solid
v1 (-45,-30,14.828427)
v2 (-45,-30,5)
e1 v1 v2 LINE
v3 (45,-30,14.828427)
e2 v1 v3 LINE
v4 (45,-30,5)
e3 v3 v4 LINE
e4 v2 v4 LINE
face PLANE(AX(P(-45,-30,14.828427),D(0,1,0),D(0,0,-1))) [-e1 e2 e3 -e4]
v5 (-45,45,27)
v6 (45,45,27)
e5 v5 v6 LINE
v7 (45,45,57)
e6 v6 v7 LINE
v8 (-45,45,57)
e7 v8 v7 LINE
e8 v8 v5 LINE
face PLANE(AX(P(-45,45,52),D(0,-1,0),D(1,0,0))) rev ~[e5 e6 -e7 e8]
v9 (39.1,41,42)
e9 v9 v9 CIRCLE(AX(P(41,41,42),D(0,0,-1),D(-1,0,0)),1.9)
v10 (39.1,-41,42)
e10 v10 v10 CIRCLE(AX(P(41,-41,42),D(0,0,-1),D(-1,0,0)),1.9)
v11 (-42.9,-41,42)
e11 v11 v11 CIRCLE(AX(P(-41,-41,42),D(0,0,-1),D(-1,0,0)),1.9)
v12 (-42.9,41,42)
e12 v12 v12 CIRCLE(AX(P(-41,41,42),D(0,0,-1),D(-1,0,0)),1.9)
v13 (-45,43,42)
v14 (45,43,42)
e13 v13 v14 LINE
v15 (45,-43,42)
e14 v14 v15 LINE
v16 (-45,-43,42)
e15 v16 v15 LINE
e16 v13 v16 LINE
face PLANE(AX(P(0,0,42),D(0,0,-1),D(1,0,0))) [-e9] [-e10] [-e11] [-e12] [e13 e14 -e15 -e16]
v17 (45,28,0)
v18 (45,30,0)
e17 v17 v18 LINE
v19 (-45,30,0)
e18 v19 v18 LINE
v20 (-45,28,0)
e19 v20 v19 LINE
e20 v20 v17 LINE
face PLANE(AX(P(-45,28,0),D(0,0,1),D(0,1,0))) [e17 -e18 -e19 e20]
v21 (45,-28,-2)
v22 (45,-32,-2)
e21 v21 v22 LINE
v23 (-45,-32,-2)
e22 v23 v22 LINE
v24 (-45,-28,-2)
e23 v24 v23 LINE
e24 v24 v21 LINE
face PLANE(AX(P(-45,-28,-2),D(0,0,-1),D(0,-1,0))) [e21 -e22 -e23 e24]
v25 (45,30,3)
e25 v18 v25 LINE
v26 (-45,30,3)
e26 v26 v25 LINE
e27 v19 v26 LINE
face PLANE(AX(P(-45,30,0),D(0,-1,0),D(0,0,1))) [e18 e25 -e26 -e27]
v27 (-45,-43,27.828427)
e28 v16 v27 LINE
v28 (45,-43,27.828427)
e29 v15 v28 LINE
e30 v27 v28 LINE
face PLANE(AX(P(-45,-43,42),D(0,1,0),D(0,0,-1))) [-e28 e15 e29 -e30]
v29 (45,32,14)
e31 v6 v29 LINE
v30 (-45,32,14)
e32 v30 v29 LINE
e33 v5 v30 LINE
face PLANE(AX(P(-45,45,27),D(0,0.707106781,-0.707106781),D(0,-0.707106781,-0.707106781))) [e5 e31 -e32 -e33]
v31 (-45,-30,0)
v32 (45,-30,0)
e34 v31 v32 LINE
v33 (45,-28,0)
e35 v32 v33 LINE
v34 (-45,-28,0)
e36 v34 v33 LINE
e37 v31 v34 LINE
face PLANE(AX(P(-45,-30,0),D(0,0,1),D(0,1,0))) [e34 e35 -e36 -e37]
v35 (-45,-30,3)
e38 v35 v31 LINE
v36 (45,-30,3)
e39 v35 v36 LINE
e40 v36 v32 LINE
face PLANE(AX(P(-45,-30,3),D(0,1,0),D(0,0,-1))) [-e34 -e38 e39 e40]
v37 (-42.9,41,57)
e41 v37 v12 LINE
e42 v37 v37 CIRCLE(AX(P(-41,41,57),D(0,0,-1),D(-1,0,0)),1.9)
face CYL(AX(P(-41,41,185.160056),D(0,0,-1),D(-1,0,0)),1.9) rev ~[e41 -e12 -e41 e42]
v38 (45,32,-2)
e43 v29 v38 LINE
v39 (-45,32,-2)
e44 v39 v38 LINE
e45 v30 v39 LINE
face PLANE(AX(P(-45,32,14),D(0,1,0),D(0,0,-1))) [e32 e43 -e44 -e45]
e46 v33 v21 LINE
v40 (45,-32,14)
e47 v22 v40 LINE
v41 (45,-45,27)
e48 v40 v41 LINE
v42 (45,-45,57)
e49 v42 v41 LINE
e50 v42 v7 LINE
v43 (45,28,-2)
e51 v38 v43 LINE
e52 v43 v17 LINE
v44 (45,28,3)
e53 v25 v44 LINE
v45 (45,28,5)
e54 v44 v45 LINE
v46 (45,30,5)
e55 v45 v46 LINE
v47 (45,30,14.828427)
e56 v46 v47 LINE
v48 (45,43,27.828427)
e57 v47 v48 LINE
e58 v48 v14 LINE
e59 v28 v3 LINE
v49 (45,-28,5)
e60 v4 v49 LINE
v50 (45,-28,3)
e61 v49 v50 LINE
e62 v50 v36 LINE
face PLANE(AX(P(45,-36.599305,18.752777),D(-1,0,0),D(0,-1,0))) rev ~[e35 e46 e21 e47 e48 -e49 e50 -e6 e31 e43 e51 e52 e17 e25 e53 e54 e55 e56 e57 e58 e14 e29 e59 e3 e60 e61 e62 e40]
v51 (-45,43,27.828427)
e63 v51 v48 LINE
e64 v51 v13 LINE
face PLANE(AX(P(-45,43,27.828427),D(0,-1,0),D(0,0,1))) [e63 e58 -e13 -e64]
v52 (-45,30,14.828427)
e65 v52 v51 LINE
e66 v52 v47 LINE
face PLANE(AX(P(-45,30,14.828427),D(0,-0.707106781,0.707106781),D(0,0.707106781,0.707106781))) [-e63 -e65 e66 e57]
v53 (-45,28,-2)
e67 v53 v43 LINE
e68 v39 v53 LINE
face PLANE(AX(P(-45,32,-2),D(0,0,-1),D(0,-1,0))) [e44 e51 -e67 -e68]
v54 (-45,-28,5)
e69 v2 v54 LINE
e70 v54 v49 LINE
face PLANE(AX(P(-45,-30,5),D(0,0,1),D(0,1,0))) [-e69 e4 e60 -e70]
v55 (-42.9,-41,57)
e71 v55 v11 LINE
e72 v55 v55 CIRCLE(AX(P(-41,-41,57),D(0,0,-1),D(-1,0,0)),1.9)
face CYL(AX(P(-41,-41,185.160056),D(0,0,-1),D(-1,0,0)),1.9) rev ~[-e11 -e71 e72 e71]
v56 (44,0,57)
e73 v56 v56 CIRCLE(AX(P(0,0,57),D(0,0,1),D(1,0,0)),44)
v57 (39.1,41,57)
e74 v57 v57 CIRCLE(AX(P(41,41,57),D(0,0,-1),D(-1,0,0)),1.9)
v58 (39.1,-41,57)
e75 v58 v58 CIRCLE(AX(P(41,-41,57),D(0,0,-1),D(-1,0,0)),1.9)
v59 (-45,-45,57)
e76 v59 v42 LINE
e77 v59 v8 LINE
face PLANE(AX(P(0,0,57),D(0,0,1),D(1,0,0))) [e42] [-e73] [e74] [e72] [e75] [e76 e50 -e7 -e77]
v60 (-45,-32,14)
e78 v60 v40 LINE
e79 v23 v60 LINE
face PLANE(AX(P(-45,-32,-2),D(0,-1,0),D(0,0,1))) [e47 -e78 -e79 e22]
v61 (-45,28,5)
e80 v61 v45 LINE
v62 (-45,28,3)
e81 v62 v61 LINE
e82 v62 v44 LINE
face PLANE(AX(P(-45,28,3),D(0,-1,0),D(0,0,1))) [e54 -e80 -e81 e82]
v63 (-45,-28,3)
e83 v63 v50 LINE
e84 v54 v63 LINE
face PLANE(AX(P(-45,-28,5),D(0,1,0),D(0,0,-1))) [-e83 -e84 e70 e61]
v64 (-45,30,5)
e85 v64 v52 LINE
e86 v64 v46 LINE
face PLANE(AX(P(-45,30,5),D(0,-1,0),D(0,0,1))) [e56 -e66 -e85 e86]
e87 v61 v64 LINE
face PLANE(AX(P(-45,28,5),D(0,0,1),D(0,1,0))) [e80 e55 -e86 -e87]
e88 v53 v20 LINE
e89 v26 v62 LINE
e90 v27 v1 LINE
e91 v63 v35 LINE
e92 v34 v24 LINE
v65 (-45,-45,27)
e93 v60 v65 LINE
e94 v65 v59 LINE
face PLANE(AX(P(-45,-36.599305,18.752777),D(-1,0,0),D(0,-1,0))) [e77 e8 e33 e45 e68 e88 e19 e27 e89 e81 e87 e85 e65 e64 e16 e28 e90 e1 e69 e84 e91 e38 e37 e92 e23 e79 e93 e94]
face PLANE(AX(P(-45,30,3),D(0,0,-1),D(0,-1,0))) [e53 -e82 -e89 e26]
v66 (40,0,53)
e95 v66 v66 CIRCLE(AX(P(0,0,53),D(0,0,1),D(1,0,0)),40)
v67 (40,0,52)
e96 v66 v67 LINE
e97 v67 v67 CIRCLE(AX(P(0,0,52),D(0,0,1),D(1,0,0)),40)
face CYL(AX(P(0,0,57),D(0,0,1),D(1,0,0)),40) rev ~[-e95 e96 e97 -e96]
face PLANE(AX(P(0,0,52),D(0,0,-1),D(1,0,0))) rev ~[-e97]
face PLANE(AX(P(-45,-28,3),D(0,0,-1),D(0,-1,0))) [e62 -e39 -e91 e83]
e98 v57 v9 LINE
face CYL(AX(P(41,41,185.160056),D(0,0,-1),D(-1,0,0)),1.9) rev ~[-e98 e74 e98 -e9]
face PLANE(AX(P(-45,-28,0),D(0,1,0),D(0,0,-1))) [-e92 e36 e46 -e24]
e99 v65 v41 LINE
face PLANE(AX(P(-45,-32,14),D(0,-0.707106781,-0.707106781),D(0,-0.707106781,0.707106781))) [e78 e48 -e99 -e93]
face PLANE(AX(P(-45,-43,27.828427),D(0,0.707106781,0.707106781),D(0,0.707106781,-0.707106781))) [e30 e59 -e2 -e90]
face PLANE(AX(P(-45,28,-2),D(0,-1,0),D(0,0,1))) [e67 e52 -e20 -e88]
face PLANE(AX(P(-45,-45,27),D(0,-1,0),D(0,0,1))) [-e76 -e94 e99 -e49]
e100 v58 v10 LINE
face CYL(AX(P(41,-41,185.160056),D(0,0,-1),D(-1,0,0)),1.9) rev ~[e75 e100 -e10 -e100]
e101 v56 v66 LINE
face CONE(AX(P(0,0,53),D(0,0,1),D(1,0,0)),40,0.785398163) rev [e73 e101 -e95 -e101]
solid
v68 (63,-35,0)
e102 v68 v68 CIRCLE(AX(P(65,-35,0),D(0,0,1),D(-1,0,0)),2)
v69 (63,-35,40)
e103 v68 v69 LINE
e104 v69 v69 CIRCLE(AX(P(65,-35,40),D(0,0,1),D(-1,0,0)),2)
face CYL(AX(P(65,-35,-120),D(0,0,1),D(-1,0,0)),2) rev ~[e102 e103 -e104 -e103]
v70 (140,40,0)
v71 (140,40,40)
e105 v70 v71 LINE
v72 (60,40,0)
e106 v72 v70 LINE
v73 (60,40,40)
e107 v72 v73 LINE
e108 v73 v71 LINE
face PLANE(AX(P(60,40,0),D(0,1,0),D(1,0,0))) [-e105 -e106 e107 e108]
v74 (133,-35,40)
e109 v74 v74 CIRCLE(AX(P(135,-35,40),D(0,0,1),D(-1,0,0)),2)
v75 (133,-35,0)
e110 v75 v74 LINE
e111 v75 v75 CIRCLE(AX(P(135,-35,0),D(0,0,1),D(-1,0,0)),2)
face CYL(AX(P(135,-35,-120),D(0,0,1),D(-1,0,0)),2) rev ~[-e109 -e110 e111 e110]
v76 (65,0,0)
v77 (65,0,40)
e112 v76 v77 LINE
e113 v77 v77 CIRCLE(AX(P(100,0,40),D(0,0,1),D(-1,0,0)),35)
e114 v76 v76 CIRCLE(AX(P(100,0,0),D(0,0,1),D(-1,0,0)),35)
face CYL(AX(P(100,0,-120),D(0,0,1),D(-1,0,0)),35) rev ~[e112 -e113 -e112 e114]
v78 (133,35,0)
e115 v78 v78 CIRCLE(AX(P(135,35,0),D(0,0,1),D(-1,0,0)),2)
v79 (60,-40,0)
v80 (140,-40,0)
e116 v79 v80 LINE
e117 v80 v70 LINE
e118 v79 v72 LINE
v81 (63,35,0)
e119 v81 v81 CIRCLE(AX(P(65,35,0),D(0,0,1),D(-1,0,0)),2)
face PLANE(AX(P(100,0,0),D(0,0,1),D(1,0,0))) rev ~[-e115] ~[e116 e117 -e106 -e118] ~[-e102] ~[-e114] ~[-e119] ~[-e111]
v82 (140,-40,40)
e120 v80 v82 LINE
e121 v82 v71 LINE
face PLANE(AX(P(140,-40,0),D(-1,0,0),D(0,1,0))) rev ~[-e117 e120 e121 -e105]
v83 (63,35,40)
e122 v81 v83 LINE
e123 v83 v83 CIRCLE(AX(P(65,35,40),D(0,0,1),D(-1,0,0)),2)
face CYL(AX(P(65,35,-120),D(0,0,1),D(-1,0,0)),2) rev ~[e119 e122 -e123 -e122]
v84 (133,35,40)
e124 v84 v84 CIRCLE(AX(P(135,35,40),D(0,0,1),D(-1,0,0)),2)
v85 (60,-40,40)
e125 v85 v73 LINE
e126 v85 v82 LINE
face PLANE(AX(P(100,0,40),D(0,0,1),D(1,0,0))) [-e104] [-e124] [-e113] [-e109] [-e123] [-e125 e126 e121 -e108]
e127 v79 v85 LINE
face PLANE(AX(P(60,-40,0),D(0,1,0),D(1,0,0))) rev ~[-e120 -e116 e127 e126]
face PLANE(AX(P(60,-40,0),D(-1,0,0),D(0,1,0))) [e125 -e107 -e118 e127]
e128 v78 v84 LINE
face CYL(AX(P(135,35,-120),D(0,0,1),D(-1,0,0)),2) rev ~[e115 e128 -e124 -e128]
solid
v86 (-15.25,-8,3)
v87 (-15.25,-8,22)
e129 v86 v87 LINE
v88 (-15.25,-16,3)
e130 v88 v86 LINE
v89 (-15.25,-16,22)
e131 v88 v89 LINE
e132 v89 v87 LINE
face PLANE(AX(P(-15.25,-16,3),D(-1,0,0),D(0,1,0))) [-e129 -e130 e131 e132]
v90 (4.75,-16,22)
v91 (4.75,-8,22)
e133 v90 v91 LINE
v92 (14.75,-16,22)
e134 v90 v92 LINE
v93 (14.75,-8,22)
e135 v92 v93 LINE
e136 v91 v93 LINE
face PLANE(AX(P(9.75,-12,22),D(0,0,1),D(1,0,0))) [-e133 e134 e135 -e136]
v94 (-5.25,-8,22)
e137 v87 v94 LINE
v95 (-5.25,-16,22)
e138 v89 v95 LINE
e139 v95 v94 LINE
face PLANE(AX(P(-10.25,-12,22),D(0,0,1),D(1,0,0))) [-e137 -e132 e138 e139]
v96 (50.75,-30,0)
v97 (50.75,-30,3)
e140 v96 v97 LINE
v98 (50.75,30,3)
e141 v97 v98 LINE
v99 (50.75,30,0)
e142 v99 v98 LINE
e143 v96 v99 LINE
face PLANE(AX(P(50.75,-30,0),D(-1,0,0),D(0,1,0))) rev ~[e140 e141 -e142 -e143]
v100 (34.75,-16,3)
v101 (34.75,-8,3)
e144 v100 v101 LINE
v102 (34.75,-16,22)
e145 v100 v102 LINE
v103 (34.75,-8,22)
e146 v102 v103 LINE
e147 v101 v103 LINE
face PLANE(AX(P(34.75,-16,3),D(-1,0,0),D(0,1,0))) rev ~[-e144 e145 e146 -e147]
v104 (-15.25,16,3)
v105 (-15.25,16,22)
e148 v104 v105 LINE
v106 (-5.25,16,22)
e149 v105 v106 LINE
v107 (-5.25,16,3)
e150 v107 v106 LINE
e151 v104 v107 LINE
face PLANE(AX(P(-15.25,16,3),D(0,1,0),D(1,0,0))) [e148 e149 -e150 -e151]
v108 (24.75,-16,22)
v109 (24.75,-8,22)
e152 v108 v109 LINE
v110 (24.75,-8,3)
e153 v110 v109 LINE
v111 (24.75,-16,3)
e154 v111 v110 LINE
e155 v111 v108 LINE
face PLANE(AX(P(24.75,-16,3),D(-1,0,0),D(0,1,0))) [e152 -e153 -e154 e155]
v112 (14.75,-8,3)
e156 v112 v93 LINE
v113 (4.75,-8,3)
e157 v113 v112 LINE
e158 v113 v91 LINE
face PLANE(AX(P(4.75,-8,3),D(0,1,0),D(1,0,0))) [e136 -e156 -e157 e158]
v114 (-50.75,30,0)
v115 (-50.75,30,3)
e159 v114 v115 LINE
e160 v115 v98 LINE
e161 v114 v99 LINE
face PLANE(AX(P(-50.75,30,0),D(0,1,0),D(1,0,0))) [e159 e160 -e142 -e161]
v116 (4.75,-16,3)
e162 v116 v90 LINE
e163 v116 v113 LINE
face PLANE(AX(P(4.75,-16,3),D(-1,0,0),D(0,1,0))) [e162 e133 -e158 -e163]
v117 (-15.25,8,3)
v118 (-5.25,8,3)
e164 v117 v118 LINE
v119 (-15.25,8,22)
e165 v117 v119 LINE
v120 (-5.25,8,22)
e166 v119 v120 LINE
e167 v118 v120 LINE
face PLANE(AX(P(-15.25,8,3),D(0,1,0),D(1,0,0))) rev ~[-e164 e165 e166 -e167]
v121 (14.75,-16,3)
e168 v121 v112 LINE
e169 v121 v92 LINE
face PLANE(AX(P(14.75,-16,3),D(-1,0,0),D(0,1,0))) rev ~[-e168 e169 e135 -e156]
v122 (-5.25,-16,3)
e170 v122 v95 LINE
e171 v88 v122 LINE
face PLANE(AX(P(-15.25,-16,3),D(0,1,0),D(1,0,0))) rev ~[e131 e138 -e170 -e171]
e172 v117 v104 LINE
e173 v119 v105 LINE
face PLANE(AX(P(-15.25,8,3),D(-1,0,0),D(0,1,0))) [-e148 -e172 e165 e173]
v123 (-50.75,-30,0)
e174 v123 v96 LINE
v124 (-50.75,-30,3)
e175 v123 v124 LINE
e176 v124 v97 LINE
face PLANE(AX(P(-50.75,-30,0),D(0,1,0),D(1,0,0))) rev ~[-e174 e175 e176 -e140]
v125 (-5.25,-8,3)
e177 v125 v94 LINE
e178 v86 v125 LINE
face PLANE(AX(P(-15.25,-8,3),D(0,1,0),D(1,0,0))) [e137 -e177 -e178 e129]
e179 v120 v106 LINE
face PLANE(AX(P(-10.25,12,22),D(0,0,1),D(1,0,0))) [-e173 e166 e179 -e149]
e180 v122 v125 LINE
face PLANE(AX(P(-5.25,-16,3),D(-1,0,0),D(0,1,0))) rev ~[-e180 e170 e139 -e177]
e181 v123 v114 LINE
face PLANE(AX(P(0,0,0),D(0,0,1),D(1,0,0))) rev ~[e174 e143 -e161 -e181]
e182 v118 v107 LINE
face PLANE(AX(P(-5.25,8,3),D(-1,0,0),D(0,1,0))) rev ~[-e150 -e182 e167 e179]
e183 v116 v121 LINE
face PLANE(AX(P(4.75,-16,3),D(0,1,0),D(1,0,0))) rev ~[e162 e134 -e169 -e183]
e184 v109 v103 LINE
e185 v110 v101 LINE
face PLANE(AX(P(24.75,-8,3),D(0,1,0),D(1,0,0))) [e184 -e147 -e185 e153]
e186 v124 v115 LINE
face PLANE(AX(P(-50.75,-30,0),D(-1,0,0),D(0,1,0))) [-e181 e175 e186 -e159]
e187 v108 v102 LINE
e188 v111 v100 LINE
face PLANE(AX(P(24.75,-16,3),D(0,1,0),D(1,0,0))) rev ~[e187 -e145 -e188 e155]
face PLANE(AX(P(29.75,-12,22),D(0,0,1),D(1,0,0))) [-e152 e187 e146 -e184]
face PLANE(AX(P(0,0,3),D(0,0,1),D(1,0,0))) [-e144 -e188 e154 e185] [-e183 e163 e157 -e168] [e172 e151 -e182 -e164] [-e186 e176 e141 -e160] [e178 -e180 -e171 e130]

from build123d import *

# Parameters (mm, degrees)
F0_W      = 101.5
F0_H      = 60
F1_DEPTH  = 3
F2_W      = 10
F2_H      = 8
F3_DEPTH  = 19
F4_W      = 80
F4_H      = 80
F5_DEPTH  = 40
F6_D      = 70
F7_D      = 4
F9_W      = 90
F9_H      = 90
F9_R      = 40
F10_DEPTH = 5
F12_W     = 90
F12_H     = 90
F13_DEPTH = 10
F15_SIZE  = 4
F16_D     = 3.8
F18_DEPTH = 90


with BuildPart() as f1:
    # F0 (on Top) → F1 (new body)
    with BuildSketch(Plane.XY):
        Rectangle(F0_W, F0_H)
    extrude(amount=F1_DEPTH)

    # F2 (on face) → F3 (join)
    with BuildSketch(Plane.XY.offset(3)):
        with Locations((29.75, -12)):
            Rectangle(F2_W, F2_H)
        with Locations((9.75, -12)):
            Rectangle(F2_W, F2_H)
        with Locations((-10.25, -12)):
            Rectangle(F2_W, F2_H)
        with Locations((-10.25, 12)):
            Rectangle(F2_W, F2_H)
    extrude(amount=F3_DEPTH)


with BuildPart() as f5:
    # F4 (on Top) → F5 (new body)
    with BuildSketch(Plane.XY):
        with Locations((100, 0)):
            Rectangle(F4_W, F4_H)
    extrude(amount=F5_DEPTH)

    # F6 (through all)
    with Locations(Plane(origin=(0, 0, 0), x_dir=(1, 0, 0), z_dir=(0, 0, -1))):
        with Locations((100, 0)):
            Hole(F6_D / 2)

    # F7 (through all)
    with Locations(Plane(origin=(0, 0, 0), x_dir=(1, 0, 0), z_dir=(0, 0, -1))):
        with Locations((135, -35), (65, -35), (65, 35), (135, 35)):
            Hole(F7_D / 2)


with BuildPart() as f10:
    # F9 (on offset) → F10 (new body)
    with BuildSketch(Plane.XY.offset(57)):
        Rectangle(F9_W, F9_H)
        Circle(F9_R, mode=Mode.SUBTRACT)
    extrude(amount=-F10_DEPTH)

    # F12 (on face) → F13 (join)
    with BuildSketch(Plane(origin=(0, 0, 52), x_dir=(1, 0, 0), z_dir=(0, 0, -1))):
        Rectangle(F12_W, F12_H)
    extrude(amount=F13_DEPTH)

    # F15
    f15_edges = [f10.edges().sort_by_distance(p)[0] for p in [
        (-40, 0, 57),
    ]]
    chamfer(f15_edges, length=F15_SIZE)

    # F16 (through all)
    with Locations(Plane.XY.offset(57)):
        with Locations((-41, 41), (41, 41), (41, -41), (-41, -41)):
            Hole(F16_D / 2)

    # F17 (on face) → F18 (join, through all)
    with BuildSketch(Plane(origin=(-45, 0, 0), x_dir=(0, -1, 0), z_dir=(-1, 0, 0))):
        Polygon((45, 42), (43, 42), (43, 27.8284271247), (30, 14.8284271247), (30, 5), (28, 5), (28, 3), (30, 3), (30, 0), (28, 0), (28, -2), (32, -2), (32, 14), (45, 27), align=None)
        Polygon((-43, 27.8284271247), (-43, 42), (-45, 42), (-45, 27), (-32, 14), (-32, -2), (-28, -2), (-28, 0), (-30, 0), (-30, 3), (-28, 3), (-28, 5), (-30, 5), (-30, 14.8284271247), align=None)
    extrude(amount=-F18_DEPTH)


solid = Compound([f1.part, f5.part, f10.part])
